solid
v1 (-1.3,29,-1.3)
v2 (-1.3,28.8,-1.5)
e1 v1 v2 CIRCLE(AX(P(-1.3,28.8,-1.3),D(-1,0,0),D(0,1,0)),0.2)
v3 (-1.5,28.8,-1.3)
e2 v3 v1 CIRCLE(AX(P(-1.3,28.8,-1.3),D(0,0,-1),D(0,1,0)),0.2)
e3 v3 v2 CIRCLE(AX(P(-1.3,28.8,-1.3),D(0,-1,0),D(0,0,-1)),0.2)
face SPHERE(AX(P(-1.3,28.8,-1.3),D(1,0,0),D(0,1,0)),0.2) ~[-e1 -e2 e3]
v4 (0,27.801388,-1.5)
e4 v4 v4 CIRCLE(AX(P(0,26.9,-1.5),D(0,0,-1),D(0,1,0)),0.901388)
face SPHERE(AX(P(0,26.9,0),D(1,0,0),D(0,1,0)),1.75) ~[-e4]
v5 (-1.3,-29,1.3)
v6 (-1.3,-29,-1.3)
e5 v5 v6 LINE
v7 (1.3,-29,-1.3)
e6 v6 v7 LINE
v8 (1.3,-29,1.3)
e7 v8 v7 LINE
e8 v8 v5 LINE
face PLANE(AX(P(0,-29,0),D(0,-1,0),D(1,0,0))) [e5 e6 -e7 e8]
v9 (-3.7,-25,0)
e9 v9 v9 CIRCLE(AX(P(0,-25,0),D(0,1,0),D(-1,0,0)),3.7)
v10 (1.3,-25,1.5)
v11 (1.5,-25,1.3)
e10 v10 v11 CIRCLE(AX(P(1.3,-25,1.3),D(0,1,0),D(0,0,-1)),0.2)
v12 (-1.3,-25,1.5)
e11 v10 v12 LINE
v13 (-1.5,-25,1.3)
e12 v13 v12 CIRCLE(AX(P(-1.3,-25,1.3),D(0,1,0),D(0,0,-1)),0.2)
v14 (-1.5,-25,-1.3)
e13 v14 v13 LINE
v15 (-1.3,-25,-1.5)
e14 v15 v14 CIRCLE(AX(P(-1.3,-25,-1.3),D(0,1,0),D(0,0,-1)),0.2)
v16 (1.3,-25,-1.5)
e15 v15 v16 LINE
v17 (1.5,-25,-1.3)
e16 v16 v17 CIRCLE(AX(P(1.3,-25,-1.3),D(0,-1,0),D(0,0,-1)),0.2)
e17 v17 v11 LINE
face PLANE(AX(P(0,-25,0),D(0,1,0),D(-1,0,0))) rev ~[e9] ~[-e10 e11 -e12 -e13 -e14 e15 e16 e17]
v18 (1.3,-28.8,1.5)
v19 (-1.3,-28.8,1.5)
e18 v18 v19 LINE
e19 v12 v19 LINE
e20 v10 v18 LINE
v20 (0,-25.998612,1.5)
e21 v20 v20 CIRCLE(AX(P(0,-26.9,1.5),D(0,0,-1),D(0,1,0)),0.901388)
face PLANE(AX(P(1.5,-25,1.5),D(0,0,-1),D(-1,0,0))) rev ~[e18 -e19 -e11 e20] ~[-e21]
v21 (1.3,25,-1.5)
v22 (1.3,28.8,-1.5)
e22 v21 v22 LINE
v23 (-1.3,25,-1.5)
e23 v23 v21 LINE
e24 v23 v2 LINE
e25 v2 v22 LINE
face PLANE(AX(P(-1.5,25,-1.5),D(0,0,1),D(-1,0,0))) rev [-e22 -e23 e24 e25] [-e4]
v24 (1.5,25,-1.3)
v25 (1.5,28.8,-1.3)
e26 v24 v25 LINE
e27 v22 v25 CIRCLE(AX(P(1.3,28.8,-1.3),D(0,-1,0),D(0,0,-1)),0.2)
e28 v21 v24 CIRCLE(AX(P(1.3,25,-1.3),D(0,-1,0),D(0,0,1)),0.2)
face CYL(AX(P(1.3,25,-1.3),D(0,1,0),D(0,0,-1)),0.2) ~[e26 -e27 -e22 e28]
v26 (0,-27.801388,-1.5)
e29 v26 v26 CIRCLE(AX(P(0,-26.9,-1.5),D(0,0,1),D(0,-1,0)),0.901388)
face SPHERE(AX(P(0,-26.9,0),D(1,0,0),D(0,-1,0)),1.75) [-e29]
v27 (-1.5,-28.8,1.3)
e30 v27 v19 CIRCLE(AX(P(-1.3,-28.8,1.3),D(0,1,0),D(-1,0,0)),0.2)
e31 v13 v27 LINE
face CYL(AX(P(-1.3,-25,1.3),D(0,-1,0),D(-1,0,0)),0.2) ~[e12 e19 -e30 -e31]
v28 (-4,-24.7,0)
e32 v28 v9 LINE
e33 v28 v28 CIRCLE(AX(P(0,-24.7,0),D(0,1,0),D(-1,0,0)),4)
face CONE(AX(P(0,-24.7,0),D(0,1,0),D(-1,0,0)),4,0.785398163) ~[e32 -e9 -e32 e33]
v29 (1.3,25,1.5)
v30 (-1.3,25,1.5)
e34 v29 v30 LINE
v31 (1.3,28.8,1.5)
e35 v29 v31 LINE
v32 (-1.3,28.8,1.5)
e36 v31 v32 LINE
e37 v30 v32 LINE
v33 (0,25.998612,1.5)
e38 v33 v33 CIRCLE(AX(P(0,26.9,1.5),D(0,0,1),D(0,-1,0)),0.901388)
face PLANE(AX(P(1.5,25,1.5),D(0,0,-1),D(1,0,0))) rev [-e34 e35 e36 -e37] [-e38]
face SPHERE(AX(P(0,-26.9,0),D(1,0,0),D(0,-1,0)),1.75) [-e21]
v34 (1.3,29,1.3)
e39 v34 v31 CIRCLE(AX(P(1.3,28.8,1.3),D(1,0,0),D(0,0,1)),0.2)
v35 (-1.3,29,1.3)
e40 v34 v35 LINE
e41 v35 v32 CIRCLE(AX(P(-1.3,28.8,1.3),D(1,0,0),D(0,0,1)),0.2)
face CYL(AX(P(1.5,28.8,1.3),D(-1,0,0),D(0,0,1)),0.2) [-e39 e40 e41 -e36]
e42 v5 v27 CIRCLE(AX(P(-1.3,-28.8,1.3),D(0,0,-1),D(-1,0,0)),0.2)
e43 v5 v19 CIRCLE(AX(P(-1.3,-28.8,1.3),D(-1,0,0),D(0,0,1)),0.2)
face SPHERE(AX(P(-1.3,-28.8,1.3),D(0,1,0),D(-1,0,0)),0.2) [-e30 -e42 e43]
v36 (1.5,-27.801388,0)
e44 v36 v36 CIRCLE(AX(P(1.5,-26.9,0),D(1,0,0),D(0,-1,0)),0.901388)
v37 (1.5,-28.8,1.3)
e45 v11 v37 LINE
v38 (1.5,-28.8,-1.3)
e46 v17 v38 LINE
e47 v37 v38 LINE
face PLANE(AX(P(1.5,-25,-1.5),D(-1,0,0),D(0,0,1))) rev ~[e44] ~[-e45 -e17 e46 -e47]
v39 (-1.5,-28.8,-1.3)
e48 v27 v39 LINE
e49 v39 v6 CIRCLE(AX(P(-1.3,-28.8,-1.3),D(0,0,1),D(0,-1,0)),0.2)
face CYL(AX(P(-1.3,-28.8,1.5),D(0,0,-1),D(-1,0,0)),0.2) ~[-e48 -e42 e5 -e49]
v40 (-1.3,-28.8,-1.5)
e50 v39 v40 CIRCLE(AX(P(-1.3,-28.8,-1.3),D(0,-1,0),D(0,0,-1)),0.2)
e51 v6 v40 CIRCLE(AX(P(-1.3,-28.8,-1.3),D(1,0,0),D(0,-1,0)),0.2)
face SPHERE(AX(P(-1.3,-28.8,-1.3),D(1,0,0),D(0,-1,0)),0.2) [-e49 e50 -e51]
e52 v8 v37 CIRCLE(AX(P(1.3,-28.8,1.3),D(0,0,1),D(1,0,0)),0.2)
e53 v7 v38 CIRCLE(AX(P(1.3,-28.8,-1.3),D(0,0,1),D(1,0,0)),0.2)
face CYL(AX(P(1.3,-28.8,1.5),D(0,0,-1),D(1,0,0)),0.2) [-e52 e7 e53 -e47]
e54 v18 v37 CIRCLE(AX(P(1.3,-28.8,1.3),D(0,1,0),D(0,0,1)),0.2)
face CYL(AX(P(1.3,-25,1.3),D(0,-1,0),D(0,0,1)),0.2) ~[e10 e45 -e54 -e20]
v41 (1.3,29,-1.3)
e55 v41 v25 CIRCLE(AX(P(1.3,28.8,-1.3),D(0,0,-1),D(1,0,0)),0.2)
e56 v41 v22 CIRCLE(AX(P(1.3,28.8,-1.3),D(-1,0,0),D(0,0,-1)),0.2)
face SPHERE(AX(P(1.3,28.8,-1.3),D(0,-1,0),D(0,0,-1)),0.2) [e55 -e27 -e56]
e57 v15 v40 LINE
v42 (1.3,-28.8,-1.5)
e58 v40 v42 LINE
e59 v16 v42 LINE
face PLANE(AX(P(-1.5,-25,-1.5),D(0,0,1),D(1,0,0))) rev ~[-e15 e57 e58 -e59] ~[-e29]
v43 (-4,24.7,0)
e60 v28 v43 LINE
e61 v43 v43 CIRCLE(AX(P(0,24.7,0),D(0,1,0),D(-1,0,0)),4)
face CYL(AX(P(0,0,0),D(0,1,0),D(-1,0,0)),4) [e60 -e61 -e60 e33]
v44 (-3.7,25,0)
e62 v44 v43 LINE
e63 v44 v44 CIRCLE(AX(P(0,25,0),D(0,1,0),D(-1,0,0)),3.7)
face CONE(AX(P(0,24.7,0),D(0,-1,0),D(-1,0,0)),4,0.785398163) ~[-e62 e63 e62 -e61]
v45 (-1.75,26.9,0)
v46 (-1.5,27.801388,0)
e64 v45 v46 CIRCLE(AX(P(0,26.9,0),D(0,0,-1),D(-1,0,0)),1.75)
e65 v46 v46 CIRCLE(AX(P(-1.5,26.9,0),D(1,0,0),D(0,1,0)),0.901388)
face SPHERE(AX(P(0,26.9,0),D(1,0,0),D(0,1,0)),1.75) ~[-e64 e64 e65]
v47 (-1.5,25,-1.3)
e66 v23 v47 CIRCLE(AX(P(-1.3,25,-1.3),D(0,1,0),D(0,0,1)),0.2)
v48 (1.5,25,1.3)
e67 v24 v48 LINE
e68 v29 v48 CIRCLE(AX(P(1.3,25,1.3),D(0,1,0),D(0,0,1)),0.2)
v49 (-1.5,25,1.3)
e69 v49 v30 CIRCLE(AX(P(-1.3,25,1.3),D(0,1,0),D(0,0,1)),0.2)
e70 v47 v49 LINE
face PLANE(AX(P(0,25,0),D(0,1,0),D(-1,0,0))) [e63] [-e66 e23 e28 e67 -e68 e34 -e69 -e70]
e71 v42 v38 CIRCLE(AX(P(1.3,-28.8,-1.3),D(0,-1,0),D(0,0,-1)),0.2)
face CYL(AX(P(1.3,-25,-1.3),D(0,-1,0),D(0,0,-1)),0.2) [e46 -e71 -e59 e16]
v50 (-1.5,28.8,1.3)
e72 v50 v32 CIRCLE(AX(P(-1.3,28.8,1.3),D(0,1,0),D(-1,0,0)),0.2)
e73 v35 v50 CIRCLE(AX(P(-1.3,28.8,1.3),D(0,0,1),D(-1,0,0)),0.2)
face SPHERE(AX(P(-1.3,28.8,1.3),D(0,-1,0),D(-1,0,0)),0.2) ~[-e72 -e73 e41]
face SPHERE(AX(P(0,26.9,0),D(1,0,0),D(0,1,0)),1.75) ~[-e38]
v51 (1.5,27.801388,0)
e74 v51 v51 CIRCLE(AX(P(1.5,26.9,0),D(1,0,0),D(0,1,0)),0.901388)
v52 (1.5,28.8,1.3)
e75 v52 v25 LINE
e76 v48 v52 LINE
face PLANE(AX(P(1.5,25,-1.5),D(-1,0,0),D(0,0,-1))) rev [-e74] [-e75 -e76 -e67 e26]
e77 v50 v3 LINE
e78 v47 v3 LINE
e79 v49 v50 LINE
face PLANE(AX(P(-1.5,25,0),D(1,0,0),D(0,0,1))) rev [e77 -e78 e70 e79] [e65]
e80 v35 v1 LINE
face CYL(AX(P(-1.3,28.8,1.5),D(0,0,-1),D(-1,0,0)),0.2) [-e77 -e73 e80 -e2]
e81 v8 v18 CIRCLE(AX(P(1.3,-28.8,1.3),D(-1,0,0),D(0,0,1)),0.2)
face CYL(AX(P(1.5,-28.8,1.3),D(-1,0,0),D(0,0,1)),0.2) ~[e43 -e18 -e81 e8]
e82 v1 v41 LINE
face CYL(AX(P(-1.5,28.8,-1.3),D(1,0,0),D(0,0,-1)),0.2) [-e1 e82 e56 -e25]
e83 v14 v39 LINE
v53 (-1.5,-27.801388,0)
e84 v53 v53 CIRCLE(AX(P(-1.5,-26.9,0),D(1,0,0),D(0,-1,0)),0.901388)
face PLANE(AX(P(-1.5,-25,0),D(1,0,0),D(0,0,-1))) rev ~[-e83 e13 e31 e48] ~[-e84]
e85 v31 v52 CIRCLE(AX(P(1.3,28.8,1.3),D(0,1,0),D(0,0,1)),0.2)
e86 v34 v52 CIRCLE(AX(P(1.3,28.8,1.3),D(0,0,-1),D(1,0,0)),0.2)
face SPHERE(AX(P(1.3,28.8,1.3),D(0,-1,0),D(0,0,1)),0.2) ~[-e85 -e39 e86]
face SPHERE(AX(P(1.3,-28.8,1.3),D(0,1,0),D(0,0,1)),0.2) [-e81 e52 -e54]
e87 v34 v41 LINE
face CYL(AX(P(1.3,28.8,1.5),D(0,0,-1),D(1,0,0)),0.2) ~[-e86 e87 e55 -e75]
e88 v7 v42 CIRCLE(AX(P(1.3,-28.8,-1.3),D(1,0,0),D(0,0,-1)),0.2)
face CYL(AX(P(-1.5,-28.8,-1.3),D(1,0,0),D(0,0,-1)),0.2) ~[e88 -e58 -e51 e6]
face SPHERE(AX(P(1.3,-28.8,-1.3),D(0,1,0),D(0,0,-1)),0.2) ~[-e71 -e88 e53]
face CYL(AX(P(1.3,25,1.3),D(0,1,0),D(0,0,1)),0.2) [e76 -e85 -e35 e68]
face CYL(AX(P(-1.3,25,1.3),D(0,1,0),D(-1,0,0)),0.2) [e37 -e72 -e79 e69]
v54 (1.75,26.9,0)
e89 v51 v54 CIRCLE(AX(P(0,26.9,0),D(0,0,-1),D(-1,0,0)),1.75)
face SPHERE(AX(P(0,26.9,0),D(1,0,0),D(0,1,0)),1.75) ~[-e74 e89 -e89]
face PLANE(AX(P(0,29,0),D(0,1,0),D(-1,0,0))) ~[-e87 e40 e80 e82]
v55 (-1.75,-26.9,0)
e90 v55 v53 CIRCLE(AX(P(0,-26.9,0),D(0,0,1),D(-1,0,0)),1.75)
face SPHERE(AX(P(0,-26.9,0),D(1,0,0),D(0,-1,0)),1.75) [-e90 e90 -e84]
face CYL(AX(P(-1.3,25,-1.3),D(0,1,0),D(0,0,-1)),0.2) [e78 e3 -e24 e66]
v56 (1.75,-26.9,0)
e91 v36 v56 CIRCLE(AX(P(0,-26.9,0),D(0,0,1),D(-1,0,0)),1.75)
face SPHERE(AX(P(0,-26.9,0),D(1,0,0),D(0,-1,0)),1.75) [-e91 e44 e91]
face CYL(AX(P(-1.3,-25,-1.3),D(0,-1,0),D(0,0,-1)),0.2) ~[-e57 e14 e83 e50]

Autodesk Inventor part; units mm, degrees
ref_plane "YZ Plane" through (0, 0, 0) normal (1, 0, 0) x (0, 1, 0)
ref_plane "XZ Plane" through (0, 0, 0) normal (0, 1, 0) x (-1, 0, 0)
sketch "Sketch1" plane through (0, 0, 0) normal (0, 1, 0) x (-1, 0, 0)
  circle A0 centre (0, 0) radius 4
  dimension "d0" = 8
extrude "Extrusion1" add sketch "Sketch1" against normal mid plane 50
sketch "Sketch2" plane through (0, -25, 0) normal (0, -1, 0) x (1, 0, 0)
  circle A0 centre (0, 0) radius 4 projected
  line L0 (-5.6, 0) -> (5.6, 0) projected
  line L1 (-1.5, -1.5) -> (1.5, -1.5)
  line L2 (1.5, -1.5) -> (1.5, 1.5)
  line L3 (1.5, 1.5) -> (-1.5, 1.5)
  line L4 (-1.5, 1.5) -> (-1.5, -1.5)
  dimension "d3" = 3
  dimension "d4" = 3
  dimension "d5" = 1.5
  dimension "d6" = 1.5
extrude "Extrusion2" add sketch "Sketch2" along normal blind 4 contours L2 L1 L4 L0 | L0 L4 L3 L2
fillet "Fillet1" radius 0.2 8 edges at (1.5, -27, 1.5) (-1.5, -27, 1.5) (1.5, -27, -1.5) (0, -29, -1.5) (-1.5, -29, 0) (0, -29, 1.5) (1.5, -29, 0) (-1.5, -27, -1.5)
sketch "Sketch3" plane through (0, 0, 0) normal (0, 0, 1) x (1, 0, 0)
  line L0 (0, -4.8) -> (0, 0)
  line L1 (2.8, 0) -> (2.8, -4.8)
  arc A0 (-0.35, -2.4) -> (3.15, -2.4) centre (1.4, -2.4) ccw
  line L2 (0, -2.4) -> (2.8, -2.4) construction
  line L3 (-4, -25) -> (-4, 25) projected
  line L4 (-4, 25) -> (4, 25) projected
  line L5 (4, 25) -> (4, -25) projected
  line L6 (4, -25) -> (1.5, -25) projected
  line L7 (1.5, -25) -> (1.5, -28.8) projected
  arc A1 (1.3, -29) -> (1.5, -28.8) centre (1.3, -28.8) ccw projected
  line L8 (1.3, -29) -> (-1.3, -29) projected
  arc A2 (-1.5, -28.8) -> (-1.3, -29) centre (-1.3, -28.8) ccw projected
  line L9 (-1.5, -28.8) -> (-1.5, -25) projected
  line L10 (-1.5, -25) -> (-4, -25) projected
  line L11 (-1.5, -26.9) -> (1.5, -26.9) construction
  arc A3 (-1.75, -26.9) -> (1.75, -26.9) centre (0, -26.9) ccw
  line L12 (1.5, -26.9) -> (2.2631, -26.9) construction
  line L13 (-1.5, -26.9) -> (-1.9787, -26.9) construction
  line L14 (-1.75, -26.9) -> (1.75, -26.9)
  point P0 (1.4, -2.4)
  dimension "d10" = 1.75
  dimension "d11" = 3.5
revolve "Revolution1" add sketch "Sketch3" angle 360 about axis through (1.5, -26.9, 0) along (1, 0, 0) contours L14 L7 A3 L9 | L9 A3 L14 | L14 A3 L7
mirror "Mirror1" about plane through (0, 0, 0) normal (0, 1, 0) of "Extrusion2", "Revolution1", "Fillet1"
chamfer "Chamfer2" distance 0.3 angle 45 2 edges at (4, -25, 0) (4, 25, 0)
ref_plane "Work Plane1" through (0, 21.5, 0) normal (0, -1, 0) x (1, 0, 0)
split_face "Split1"
split_face "Split2"
equation "\"d3\" = d4"
equation "\"d5\" = 0.5 * d4"
equation "\"d6\" = 0.5 * d4"
properties part number "463-02" material "Steel"
